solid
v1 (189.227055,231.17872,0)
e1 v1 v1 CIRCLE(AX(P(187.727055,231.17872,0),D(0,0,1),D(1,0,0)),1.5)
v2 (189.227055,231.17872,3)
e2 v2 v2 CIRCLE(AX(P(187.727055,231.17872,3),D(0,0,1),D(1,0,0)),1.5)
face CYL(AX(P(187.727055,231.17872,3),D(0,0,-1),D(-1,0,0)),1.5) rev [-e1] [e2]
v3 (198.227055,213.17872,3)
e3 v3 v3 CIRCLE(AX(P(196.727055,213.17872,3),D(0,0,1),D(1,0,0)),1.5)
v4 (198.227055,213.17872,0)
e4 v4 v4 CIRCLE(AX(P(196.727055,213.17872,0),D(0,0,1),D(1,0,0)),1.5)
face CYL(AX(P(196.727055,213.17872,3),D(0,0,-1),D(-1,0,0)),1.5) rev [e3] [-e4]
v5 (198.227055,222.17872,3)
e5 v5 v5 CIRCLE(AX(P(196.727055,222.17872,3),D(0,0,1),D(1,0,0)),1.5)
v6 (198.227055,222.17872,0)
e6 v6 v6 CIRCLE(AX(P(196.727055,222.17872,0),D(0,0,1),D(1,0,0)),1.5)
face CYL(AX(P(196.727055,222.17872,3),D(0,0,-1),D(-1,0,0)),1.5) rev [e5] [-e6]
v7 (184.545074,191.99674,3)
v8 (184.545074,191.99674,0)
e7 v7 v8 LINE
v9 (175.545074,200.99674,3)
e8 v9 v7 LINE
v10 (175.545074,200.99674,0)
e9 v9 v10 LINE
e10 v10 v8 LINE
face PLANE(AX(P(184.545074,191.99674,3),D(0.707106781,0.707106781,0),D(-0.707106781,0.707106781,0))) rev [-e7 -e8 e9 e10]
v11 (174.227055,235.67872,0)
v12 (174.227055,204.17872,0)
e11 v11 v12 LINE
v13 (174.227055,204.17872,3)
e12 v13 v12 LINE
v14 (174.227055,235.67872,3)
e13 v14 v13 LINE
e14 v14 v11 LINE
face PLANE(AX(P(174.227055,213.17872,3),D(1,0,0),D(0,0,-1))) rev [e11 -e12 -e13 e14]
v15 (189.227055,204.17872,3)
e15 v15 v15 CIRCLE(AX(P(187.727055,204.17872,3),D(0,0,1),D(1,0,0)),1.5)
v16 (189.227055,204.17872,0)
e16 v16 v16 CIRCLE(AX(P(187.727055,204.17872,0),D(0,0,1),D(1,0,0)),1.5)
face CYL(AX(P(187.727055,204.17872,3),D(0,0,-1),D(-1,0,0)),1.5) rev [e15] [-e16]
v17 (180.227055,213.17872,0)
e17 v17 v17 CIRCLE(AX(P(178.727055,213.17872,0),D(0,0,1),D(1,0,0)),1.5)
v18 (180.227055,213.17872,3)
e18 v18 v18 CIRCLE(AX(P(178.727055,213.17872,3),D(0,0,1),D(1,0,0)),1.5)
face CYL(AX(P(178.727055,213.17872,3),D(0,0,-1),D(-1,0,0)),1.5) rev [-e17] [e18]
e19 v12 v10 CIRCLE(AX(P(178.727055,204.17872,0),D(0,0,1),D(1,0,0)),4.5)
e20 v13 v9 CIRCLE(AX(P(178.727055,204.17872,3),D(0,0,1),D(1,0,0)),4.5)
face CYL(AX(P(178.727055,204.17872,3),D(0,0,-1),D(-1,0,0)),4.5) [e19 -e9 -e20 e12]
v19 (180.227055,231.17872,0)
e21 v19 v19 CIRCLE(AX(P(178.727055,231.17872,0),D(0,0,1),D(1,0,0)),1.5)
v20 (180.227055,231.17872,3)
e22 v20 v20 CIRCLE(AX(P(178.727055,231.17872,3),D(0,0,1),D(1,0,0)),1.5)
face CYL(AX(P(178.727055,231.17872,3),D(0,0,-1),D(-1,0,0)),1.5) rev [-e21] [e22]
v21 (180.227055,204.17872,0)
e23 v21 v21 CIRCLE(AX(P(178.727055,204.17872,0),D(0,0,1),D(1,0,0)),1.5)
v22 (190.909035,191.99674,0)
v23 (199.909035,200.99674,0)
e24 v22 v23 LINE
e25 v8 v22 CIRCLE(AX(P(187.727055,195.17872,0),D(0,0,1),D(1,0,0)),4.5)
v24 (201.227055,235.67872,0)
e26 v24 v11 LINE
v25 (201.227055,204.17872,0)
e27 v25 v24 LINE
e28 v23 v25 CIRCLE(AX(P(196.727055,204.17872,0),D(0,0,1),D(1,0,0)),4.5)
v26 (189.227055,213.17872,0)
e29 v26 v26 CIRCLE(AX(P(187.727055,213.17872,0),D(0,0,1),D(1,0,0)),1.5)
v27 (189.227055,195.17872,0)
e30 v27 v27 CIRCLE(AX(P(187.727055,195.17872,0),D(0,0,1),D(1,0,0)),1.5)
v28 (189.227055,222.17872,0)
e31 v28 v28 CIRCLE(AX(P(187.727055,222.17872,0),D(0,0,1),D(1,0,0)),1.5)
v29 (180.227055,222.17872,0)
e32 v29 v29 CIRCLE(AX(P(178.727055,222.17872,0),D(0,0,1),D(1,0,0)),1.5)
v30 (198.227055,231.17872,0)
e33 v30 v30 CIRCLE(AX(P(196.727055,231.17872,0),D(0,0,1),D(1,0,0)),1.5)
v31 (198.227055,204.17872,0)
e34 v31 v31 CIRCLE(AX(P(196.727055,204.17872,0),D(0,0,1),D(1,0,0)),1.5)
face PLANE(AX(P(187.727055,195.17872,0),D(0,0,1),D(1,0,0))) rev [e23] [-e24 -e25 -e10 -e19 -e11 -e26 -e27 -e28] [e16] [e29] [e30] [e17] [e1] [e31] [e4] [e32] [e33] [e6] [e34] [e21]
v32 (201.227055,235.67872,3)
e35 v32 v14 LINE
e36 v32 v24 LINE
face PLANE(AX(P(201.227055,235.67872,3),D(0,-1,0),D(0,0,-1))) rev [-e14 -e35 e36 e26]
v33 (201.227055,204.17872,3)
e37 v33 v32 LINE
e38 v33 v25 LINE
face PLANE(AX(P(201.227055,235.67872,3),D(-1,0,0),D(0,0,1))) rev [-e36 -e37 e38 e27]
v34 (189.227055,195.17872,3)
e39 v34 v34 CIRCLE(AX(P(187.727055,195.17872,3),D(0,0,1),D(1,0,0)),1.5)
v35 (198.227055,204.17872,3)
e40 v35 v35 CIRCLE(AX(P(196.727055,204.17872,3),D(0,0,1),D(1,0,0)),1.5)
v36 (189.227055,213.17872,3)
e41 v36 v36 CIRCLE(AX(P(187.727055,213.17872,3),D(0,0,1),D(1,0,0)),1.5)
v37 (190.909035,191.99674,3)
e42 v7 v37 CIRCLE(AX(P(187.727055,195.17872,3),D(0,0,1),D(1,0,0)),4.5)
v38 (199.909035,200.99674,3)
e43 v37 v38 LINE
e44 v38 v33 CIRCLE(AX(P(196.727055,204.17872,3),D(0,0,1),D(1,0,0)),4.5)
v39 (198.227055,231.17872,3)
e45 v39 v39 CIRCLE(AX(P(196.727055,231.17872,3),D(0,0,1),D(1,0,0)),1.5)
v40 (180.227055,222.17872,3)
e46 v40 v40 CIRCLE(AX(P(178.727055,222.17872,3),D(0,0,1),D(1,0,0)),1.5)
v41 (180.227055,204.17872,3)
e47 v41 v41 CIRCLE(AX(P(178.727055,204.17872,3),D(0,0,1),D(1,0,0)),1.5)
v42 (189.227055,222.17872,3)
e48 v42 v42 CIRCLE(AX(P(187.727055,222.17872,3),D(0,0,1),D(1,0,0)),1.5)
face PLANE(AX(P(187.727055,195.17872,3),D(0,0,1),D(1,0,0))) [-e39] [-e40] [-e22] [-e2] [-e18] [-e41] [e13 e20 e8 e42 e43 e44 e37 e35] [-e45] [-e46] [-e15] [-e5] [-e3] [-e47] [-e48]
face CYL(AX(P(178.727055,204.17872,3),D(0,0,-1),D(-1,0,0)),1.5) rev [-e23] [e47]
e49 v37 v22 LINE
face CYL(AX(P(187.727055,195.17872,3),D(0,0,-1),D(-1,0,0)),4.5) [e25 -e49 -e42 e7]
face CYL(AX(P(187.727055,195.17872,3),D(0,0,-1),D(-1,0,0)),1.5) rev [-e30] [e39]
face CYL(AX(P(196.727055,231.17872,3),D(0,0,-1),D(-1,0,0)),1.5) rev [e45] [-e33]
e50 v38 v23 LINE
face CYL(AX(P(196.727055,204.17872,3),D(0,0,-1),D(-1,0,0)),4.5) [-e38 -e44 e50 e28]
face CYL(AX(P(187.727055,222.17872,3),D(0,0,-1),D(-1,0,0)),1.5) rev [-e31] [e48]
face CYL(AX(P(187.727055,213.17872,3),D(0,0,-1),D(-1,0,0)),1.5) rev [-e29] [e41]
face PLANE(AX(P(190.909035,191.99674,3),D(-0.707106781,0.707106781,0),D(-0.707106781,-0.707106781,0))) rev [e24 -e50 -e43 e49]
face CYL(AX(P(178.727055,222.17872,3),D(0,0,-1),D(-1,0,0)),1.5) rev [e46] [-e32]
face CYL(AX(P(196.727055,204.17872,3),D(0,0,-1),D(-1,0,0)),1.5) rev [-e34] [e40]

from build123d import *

# Parameters (mm, degrees)
MODEL_R                 = 1.5
SALIENTE_EXTRUIR1_DEPTH = 3


with BuildPart() as part:
    # Model → Saliente-Extruir1 (new body)
    with BuildSketch(Plane.XY):
        with BuildLine():
            Line((174.227054575, 213.178720063), (174.227054575, 204.178720063))
            ThreePointArc((174.227054575, 204.178720063), (174.569596678, 202.456644617), (175.545074059, 200.996739548))
            Line((175.545074059, 200.996739548), (184.545074059, 191.996739548))
            ThreePointArc((184.545074059, 191.996739548), (187.727054575, 190.678720063), (190.90903509, 191.996739548))
            Line((190.90903509, 191.996739548), (199.90903509, 200.996739548))
            ThreePointArc((199.90903509, 200.996739548), (200.884512471, 202.456644617), (201.227054575, 204.178720063))
            Line((201.227054575, 204.178720063), (201.227054575, 235.678720063))
            Line((201.227054575, 235.678720063), (174.227054575, 235.678720063))
            Line((174.227054575, 235.678720063), (174.227054575, 213.178720063))
        make_face()
        with Locations((187.727054575, 204.178720063)):
            Circle(MODEL_R, mode=Mode.SUBTRACT)
        with Locations((178.727054575, 204.178720063)):
            Circle(MODEL_R, mode=Mode.SUBTRACT)
        with Locations((187.727054575, 213.178720063)):
            Circle(MODEL_R, mode=Mode.SUBTRACT)
        with Locations((178.727054575, 213.178720063)):
            Circle(MODEL_R, mode=Mode.SUBTRACT)
        with Locations((196.727054575, 213.178720063)):
            Circle(MODEL_R, mode=Mode.SUBTRACT)
        with Locations((187.727054575, 195.178720063)):
            Circle(MODEL_R, mode=Mode.SUBTRACT)
        with Locations((196.727054575, 204.178720063)):
            Circle(MODEL_R, mode=Mode.SUBTRACT)
        with Locations((187.727054575, 222.178720063)):
            Circle(MODEL_R, mode=Mode.SUBTRACT)
        with Locations((178.727054575, 222.178720063)):
            Circle(MODEL_R, mode=Mode.SUBTRACT)
        with Locations((196.727054575, 222.178720063)):
            Circle(MODEL_R, mode=Mode.SUBTRACT)
        with Locations((187.727054575, 231.178720063)):
            Circle(MODEL_R, mode=Mode.SUBTRACT)
        with Locations((178.727054575, 231.178720063)):
            Circle(MODEL_R, mode=Mode.SUBTRACT)
        with Locations((196.727054575, 231.178720063)):
            Circle(MODEL_R, mode=Mode.SUBTRACT)
    extrude(amount=SALIENTE_EXTRUIR1_DEPTH)


solid = part.part
